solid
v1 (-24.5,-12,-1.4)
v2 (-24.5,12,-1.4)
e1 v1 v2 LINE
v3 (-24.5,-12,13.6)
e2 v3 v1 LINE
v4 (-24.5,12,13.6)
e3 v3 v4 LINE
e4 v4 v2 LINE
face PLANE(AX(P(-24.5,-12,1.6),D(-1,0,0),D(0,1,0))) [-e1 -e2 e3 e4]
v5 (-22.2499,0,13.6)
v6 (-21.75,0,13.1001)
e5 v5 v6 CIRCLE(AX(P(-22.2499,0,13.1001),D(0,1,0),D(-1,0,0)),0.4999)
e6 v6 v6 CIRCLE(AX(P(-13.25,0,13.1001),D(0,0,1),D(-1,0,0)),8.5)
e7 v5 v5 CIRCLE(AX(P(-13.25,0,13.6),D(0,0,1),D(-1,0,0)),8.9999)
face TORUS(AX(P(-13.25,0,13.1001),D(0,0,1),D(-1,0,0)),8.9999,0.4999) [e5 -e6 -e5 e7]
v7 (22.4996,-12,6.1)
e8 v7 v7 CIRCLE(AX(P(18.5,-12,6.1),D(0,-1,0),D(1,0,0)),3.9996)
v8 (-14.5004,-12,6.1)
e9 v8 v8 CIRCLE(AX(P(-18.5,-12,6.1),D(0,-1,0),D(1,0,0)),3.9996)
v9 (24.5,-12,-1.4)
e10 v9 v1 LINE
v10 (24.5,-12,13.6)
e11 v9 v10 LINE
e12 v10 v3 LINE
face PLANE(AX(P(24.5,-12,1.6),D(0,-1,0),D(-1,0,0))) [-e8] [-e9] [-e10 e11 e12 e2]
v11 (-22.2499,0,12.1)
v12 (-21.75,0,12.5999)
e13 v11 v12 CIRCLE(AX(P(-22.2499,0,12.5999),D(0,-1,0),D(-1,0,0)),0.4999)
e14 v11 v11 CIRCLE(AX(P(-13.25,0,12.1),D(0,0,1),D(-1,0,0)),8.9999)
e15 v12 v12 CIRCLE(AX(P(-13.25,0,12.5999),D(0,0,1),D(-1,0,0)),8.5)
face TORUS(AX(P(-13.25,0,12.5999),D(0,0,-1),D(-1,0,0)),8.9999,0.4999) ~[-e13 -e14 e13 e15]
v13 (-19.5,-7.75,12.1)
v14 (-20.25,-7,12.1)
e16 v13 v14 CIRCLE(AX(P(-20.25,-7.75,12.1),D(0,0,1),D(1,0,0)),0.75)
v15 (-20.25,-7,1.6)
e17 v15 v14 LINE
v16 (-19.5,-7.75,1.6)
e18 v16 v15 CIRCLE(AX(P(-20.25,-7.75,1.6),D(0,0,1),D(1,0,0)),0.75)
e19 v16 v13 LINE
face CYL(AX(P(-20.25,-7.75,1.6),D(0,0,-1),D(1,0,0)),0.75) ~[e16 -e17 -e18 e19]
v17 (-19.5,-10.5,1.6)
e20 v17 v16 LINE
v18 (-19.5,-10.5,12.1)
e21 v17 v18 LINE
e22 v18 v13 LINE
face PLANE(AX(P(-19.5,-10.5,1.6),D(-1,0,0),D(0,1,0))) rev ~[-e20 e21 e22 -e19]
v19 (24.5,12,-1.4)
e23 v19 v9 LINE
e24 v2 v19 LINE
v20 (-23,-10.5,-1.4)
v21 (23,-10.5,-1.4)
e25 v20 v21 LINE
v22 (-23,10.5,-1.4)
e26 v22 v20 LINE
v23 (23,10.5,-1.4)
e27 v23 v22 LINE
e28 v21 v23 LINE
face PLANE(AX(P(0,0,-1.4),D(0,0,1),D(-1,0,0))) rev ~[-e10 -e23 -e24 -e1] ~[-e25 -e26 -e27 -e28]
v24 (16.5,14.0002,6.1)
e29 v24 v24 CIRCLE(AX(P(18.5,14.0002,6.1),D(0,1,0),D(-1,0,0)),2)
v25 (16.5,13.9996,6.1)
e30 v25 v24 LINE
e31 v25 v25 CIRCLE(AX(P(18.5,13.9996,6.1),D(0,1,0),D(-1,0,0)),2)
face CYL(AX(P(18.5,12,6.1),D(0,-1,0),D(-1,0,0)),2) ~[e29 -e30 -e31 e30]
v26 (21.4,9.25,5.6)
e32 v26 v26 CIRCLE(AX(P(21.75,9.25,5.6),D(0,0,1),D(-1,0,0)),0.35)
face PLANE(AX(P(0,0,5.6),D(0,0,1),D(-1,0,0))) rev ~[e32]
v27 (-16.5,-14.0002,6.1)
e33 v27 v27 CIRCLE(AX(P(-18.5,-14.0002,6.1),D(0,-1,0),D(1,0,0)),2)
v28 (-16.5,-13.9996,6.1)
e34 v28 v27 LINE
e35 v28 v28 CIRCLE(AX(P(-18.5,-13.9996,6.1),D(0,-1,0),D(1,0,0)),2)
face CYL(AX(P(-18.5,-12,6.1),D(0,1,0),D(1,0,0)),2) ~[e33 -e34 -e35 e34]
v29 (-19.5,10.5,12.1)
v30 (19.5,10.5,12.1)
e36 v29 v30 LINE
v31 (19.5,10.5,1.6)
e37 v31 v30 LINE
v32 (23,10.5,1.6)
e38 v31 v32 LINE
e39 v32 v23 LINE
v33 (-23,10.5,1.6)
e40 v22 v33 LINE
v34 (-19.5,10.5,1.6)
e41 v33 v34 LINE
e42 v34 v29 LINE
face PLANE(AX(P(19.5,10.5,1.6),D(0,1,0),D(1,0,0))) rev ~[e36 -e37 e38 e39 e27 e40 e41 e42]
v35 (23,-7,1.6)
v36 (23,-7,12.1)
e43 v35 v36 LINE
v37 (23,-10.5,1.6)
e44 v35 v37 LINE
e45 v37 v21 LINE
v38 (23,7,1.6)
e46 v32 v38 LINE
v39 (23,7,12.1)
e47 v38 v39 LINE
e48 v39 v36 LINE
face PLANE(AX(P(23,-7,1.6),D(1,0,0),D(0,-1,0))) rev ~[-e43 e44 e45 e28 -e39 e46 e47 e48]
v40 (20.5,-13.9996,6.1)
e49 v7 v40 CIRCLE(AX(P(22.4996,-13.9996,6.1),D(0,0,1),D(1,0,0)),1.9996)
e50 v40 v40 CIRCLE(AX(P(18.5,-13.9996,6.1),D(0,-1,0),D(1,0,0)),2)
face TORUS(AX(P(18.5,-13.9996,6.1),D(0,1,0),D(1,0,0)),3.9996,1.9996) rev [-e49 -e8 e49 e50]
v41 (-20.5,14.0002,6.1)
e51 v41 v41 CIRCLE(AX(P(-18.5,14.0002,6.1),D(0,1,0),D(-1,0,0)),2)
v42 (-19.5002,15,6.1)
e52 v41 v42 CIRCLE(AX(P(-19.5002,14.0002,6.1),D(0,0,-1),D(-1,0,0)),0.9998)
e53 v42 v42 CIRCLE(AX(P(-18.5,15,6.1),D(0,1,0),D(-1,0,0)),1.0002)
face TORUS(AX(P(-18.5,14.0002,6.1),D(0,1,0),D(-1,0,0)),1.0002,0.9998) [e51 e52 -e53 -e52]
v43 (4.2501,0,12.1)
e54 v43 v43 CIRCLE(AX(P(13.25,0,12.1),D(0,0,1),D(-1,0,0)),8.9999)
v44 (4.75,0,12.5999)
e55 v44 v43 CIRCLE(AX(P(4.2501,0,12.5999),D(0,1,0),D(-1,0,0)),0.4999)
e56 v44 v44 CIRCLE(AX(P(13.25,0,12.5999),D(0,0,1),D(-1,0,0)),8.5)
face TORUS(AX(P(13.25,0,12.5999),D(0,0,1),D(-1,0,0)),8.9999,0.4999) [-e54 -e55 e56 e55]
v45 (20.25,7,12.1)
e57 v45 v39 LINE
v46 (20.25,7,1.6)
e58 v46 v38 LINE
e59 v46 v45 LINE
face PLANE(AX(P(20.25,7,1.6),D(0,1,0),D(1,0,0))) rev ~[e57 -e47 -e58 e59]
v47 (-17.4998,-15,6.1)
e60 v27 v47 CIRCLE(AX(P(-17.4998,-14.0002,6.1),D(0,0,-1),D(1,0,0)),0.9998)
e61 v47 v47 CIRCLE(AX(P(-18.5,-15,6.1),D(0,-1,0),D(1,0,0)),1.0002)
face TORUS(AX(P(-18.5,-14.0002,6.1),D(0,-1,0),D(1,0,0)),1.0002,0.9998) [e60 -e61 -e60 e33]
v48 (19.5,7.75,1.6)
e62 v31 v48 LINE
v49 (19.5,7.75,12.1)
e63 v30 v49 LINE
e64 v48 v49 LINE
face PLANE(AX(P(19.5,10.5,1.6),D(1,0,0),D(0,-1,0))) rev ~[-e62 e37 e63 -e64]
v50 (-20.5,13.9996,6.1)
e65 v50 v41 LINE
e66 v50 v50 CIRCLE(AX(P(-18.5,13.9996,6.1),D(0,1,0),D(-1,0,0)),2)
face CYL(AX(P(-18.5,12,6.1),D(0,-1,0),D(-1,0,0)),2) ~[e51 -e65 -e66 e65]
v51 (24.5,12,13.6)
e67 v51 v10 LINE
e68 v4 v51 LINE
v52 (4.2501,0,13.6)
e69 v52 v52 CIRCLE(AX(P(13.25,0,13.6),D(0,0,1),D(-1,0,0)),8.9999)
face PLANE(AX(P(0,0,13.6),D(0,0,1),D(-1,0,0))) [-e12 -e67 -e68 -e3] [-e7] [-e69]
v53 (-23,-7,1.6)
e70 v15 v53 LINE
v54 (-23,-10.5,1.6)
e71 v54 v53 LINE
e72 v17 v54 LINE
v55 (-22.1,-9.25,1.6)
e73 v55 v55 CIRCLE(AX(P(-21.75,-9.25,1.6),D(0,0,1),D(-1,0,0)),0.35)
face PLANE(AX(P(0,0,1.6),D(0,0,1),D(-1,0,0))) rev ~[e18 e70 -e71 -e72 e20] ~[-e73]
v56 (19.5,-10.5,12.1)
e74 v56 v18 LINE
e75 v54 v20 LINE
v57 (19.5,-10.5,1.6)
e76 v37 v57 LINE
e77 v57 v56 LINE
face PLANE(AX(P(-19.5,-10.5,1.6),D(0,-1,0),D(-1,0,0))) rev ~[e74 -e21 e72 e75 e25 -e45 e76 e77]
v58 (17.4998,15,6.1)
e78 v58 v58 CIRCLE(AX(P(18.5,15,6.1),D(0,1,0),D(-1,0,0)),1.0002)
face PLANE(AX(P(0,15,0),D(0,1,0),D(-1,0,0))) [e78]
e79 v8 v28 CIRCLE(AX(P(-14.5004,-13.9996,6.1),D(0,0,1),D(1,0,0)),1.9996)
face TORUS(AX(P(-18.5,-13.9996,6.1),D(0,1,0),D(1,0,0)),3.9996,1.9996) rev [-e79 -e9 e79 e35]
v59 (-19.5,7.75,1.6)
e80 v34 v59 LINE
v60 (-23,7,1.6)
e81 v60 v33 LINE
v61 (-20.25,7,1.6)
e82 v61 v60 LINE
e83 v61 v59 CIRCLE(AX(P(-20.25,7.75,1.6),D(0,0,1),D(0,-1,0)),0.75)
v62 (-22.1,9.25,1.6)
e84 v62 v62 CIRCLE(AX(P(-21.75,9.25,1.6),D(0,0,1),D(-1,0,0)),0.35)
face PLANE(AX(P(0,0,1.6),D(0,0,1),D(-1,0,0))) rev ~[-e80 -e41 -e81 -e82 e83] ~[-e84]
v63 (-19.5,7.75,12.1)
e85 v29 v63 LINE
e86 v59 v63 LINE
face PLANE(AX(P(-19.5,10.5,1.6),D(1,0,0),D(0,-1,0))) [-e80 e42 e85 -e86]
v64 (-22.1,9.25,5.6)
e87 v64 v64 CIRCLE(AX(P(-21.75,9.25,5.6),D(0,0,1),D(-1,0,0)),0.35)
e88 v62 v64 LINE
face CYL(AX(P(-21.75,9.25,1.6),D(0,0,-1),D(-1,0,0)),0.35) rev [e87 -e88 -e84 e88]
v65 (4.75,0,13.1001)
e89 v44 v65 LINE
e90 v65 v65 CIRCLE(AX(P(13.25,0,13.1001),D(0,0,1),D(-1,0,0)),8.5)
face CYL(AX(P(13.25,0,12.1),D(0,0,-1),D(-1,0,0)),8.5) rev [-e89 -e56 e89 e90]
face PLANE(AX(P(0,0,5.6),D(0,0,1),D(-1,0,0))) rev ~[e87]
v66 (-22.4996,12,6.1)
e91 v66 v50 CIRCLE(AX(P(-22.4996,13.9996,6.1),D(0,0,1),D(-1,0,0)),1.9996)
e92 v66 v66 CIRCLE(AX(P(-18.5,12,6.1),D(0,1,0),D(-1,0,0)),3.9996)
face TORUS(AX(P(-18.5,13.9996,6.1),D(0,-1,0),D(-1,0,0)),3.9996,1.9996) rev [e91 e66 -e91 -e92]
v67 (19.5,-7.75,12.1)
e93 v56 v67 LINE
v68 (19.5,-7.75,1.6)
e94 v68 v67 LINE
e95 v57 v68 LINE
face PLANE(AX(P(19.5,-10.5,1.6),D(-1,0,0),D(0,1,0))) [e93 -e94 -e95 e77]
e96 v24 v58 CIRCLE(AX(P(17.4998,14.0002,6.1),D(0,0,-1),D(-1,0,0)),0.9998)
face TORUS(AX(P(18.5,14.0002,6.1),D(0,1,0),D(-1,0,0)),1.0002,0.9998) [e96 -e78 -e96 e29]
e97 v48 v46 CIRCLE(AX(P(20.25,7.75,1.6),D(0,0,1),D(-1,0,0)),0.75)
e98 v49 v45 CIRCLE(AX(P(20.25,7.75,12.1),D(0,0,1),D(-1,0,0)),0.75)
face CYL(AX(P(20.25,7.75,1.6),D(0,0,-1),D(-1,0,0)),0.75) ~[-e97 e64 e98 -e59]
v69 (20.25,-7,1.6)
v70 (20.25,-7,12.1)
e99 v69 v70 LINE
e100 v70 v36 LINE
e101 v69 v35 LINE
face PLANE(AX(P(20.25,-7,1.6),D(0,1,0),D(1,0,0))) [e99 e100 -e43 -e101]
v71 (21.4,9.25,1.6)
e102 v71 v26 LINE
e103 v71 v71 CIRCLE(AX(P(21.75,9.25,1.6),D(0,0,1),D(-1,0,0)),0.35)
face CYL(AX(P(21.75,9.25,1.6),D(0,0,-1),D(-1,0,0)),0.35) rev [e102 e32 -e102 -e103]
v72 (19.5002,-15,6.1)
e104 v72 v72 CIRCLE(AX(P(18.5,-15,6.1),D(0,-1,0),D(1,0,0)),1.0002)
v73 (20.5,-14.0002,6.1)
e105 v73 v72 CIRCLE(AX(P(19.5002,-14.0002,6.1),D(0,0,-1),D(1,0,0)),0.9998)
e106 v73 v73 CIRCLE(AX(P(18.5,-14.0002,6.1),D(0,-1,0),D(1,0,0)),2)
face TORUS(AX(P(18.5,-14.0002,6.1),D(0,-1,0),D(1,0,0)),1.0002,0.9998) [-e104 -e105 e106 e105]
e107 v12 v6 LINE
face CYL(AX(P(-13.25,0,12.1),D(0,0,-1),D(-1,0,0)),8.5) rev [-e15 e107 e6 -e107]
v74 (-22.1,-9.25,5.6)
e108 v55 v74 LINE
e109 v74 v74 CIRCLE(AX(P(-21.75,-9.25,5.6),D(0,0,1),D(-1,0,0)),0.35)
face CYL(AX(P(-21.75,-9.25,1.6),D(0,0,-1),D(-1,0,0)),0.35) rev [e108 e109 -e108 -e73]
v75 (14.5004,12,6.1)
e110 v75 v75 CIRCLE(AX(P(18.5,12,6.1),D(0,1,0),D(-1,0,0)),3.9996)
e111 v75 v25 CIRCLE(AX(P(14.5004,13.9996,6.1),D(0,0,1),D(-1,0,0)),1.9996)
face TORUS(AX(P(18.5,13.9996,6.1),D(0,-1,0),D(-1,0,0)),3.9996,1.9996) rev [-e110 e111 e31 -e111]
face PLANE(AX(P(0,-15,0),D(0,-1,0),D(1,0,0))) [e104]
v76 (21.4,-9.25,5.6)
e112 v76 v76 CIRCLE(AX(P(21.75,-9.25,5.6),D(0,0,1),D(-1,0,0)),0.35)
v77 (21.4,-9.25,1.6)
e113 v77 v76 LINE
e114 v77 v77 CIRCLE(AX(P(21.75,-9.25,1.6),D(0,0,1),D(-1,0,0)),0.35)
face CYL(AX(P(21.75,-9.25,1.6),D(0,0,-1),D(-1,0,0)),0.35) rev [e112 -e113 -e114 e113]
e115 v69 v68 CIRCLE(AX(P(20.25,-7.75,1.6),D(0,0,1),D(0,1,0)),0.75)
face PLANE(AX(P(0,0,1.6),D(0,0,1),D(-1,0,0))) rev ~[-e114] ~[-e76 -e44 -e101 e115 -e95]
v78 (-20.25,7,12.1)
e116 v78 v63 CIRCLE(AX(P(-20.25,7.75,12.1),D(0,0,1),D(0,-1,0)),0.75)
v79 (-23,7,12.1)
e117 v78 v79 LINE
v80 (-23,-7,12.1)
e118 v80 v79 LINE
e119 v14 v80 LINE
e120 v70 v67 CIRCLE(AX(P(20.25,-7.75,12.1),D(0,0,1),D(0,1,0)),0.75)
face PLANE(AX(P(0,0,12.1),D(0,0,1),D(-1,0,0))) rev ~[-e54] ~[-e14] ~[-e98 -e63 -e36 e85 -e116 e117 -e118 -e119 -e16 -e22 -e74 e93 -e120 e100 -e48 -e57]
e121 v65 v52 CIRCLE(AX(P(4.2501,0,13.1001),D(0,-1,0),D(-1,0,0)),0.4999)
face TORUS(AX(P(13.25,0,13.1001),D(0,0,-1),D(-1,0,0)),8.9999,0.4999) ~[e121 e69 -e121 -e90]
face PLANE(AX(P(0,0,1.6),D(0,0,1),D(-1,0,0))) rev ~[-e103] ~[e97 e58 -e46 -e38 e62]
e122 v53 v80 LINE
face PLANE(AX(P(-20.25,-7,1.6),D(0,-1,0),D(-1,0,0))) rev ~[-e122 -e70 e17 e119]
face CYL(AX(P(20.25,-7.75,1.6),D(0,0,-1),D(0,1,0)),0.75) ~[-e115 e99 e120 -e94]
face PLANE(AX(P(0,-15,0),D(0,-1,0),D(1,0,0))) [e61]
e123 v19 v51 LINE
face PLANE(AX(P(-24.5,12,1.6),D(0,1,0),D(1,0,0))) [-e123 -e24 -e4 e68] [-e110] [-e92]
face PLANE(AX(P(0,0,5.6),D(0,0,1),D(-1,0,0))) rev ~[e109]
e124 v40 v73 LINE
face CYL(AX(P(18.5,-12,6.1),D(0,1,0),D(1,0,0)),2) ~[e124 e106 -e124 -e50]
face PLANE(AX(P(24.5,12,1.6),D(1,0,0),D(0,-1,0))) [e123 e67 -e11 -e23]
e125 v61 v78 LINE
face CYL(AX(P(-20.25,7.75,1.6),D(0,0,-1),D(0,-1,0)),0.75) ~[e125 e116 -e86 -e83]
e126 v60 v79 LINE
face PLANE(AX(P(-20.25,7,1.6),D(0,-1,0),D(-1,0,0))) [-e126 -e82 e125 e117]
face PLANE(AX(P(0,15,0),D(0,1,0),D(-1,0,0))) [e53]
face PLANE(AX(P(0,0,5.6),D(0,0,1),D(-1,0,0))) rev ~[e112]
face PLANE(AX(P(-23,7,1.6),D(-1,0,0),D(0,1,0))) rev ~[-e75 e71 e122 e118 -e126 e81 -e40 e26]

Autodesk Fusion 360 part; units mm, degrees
sketch "Boceto1" plane through (0, 0, 0) normal (0, 0, 1) x (1, 0, 0)
  line L0 (22.75, 10.25) -> (-22.75, 10.25)
  line L1 (-22.75, 10.25) -> (-22.75, -10.25)
  line L2 (-22.75, -10.25) -> (22.75, -10.25)
  line L3 (22.75, -10.25) -> (22.75, 10.25)
  line L4 (22.75, 10.25) -> (-22.75, -10.25) construction
  line L5 (-22.75, 10.25) -> (22.75, -10.25) construction
  line L6 (-22.75, -8.5) -> (22.75, -8.5) construction
  line L7 (-21.75, 10.25) -> (-21.75, -10.25) construction
  line L8 (21.75, 10.25) -> (21.75, -10.25) construction
  line L9 (-22.75, 8.5) -> (22.75, 8.5) construction
  circle A0 centre (13.25, 0) radius 8.5
  circle A1 centre (-21.75, 9.25) radius 1 construction
  circle A2 centre (-21.75, 9.25) radius 0.5
  line L10 (12.75, 6.5) -> (22.75, 6.5) construction
  line L11 (0, 10.25) -> (0, -10.25) construction
  circle A3 centre (-13.25, 0) radius 8.5
  line L12 (-22.75, 0) -> (22.75, 0) construction
  line L13 (-22.75, 7.75) -> (22.75, 7.75) construction
  line L14 (-5.0036, 6) -> (5.0036, 6)
  arc A4 (5.0036, 6) -> (5.0036, 9.5) centre (5.0036, 7.75) ccw
  line L15 (5.0036, 9.5) -> (-5.0036, 9.5)
  arc A5 (-5.0036, 9.5) -> (-5.0036, 6) centre (-5.0036, 7.75) ccw
  line L16 (-5.0036, 7.75) -> (5.0036, 7.75) construction
  circle A6 centre (21.75, 9.25) radius 0.5
  circle A7 centre (21.75, 9.25) radius 1 construction
  circle A8 centre (-21.75, -9.25) radius 0.5
  circle A9 centre (-21.75, -9.25) radius 1 construction
  circle A10 centre (21.75, -9.25) radius 1 construction
  circle A11 centre (21.75, -9.25) radius 0.5
  line L17 (-5.0036, -6) -> (5.0036, -6)
  arc A12 (-5.0036, -6) -> (-5.0036, -9.5) centre (-5.0036, -7.75) ccw
  line L18 (5.0036, -9.5) -> (-5.0036, -9.5)
  arc A13 (5.0036, -9.5) -> (5.0036, -6) centre (5.0036, -7.75) ccw
  dimension "d1" = 45.5
  dimension "d2" = 20.5
  dimension "d4" = 1.75
  dimension "d6" = 1
  dimension "d7" = 1
  dimension "d8" = 1.75
  dimension "d9" = 8.5
  dimension "d23" = 1
  dimension "d24" = -0.5
  dimension "d135" = 2.5
  dimension "d136" = 3.5
extrude "Extruir5" add sketch "Boceto1" along normal blind 1.6 makes body 1
extrude "Extruir29" add sketch "Boceto1" along normal blind 14 contours A0 | A3 bodies 1
extrude "Extruir30" add sketch "Boceto1" along normal blind 5 contours L14 A4 L15 A5 bodies 1
sketch "Boceto3" plane through (0, 0, 1.6) normal (0, 0, 1) x (-1, 0, 0)
  line L0 (23, -10.5) -> (-23, -10.5)
  line L1 (-23, -10.5) -> (-23, 10.5)
  line L2 (-23, 10.5) -> (23, 10.5)
  line L3 (23, 10.5) -> (23, -10.5)
  line L4 (23, -10.5) -> (-23, 10.5) construction
  line L5 (-23, -10.5) -> (23, 10.5) construction
  line L6 (22.75, -10.25) -> (-22.75, -10.25) construction
  line L7 (-22.75, -10.25) -> (-22.75, 10.25) construction
  line L8 (-22.75, 10.25) -> (22.75, 10.25) construction
  line L9 (22.75, 10.25) -> (22.75, -10.25) construction
  circle A0 centre (21.75, -9.25) radius 1 construction
  circle A1 centre (21.75, -9.25) radius 0.35
  line L10 (-24.5, 12) -> (24.5, 12)
  line L11 (24.5, 12) -> (24.5, -12)
  line L12 (24.5, -12) -> (-24.5, -12)
  line L13 (-24.5, -12) -> (-24.5, 12)
  line L14 (23, -10.5) -> (19.5, -10.5)
  line L15 (19.5, -10.5) -> (19.5, -7.75)
  line L16 (20.25, -7) -> (23, -7)
  line L17 (23, -7) -> (23, -10.5)
  line L18 (22.75, -8.5) -> (-22.75, -8.5) construction
  line L19 (22.75, 8.5) -> (-22.75, 8.5) construction
  line L20 (-21.75, 10.25) -> (-21.75, -10.25) construction
  line L21 (21.75, 10.25) -> (21.75, -10.25) construction
  circle A2 centre (13.25, 0) radius 8.5
  line L22 (24.5, 0) -> (-24.5, 0) construction
  line L23 (0, -12) -> (0, 12) construction
  arc A3 (20.25, -7) -> (19.5, -7.75) centre (20.25, -7.75) ccw
  line L24 (-19.5, -10.5) -> (-19.5, -7.75)
  arc A4 (-19.5, -7.75) -> (-20.25, -7) centre (-20.25, -7.75) ccw
  line L25 (-20.25, -7) -> (-23, -7)
  circle A5 centre (-21.75, -9.25) radius 0.35
  circle A6 centre (-13.25, 0) radius 8.5
  line L26 (19.5, 10.5) -> (19.5, 7.75)
  arc A7 (19.5, 7.75) -> (20.25, 7) centre (20.25, 7.75) ccw
  line L27 (20.25, 7) -> (23, 7)
  circle A8 centre (21.75, 9.25) radius 0.35
  circle A9 centre (-21.75, 9.25) radius 0.35
  line L28 (-19.5, 10.5) -> (-19.5, 7.75)
  arc A10 (-20.25, 7) -> (-19.5, 7.75) centre (-20.25, 7.75) ccw
  line L29 (-20.25, 7) -> (-23, 7)
  point P0 (19.5, -7)
  dimension "d79" = 46
  dimension "d80" = 21
  dimension "d81" = 0.25
  dimension "d82" = 1
  dimension "d83" = -0.65
  dimension "d87" = -1.5
  dimension "d88" = 3.5
  dimension "d89" = 3.5
  dimension "d90" = 1.75
  dimension "d91" = 1.75
  dimension "d92" = 1
  dimension "d93" = 1
  dimension "d94" = 8.5
  dimension "d95" = 0.75
extrude "Extruir20" add sketch "Boceto3" along normal blind 12 and the other way blind 3 separate body contours L10 L11 L12 L13 makes body 2
extrude "Extruir21" add sketch "Boceto3" along normal blind 12 contours L0 L3 L14 L15 L16 L17 A3 | L0 L1 L24 A4 L25 | L2 L3 L26 A7 L27 | L1 L2 L28 A10 L29 | A1 | A5 | A8 | A9 bodies 2
extrude "Extruir22" add sketch "Boceto3" along normal blind 1.5 from surface at 10.5 contours L0 L1 L2 L3 L15 L16 A3 L24 A4 L25 L26 A7 L27 L28 A10 L29 bodies 2
extrude "Extruir23" cut sketch "Boceto3" along normal blind 4 contours A1 | A5 | A8 | A9 bodies 2
sketch "Boceto4" plane through (0, -12, 0) normal (0, -1, 0) x (1, 0, 0)
  line L0 (24.5, -1.4) -> (24.5, 13.6)
  line L1 (24.5, 13.6) -> (-24.5, 13.6)
  line L2 (-24.5, 13.6) -> (-24.5, -1.4)
  line L3 (-24.5, -1.4) -> (24.5, -1.4)
  line L4 (-24.5, 6.1) -> (24.5, 6.1) construction
  line L5 (-24.5, 13.6) -> (24.5, 13.6) construction
  line L6 (24.5, 13.6) -> (24.5, -1.4) construction
  line L7 (24.5, -1.4) -> (-24.5, -1.4) construction
  line L8 (-24.5, -1.4) -> (-24.5, 13.6) construction
  line L9 (-20.5, 13.6) -> (-20.5, -1.4) construction
  line L10 (0, 13.6) -> (0, -1.4) construction
  line L11 (-24.5, 8.1) -> (24.5, 8.1) construction
  circle A0 centre (-18.5, 6.1) radius 2
  circle A1 centre (18.5, 6.1) radius 2
  dimension "d151" = 4
  dimension "d154" = 2
  dimension "d155" = 2
sketch "Boceto5" plane through (0, 12, 0) normal (0, 1, 0) x (-1, 0, 0)
  line L0 (24.5, -1.4) -> (24.5, 13.6)
  line L1 (24.5, 13.6) -> (-24.5, 13.6)
  line L2 (-24.5, 13.6) -> (-24.5, -1.4)
  line L3 (-24.5, -1.4) -> (24.5, -1.4)
  line L4 (-24.5, 13.6) -> (24.5, 13.6) construction
  line L5 (24.5, 13.6) -> (24.5, -1.4) construction
  line L6 (24.5, -1.4) -> (-24.5, -1.4) construction
  line L7 (-24.5, -1.4) -> (-24.5, 13.6) construction
  line L8 (0, 13.6) -> (0, -1.4) construction
  line L9 (-24.5, 6.1) -> (24.5, 6.1) construction
  line L10 (20.5, 13.6) -> (20.5, -1.4) construction
  line L11 (24.5, 8.1) -> (-24.5, 8.1) construction
  circle A0 centre (18.5, 6.1) radius 2
  circle A1 centre (-18.5, 6.1) radius 2
  dimension "d156" = 4
  dimension "d157" = 2
  dimension "d158" = 2
extrude "Extruir31" add sketch "Boceto5" along normal blind 3 contours A0 | A1 bodies 2
extrude "Extruir32" add sketch "Boceto4" along normal blind 3 contours A0 | A1 bodies 2
fillet "Empalme3" radius 2 4 edges at (-20.3647, -12, 6.8232) (16.6353, -12, 6.8232) (20.3647, 12, 6.8232) (-16.6353, 12, 6.8232) on bodies 2
fillet "Empalme3" radius 1 4 edges at (16.6353, -15, 5.3768) (-20.3647, -15, 5.3768) (-16.6353, 15, 5.3768) (20.3647, 15, 5.3768) on bodies 2
fillet "Empalme3" radius 0.5 4 edges at (-5.3252, -3.0737, 13.6) (21.1748, -3.0737, 13.6) (-5.3252, -3.0737, 12.1) (21.1748, -3.0737, 12.1) on bodies 2
hidden bodies 1
